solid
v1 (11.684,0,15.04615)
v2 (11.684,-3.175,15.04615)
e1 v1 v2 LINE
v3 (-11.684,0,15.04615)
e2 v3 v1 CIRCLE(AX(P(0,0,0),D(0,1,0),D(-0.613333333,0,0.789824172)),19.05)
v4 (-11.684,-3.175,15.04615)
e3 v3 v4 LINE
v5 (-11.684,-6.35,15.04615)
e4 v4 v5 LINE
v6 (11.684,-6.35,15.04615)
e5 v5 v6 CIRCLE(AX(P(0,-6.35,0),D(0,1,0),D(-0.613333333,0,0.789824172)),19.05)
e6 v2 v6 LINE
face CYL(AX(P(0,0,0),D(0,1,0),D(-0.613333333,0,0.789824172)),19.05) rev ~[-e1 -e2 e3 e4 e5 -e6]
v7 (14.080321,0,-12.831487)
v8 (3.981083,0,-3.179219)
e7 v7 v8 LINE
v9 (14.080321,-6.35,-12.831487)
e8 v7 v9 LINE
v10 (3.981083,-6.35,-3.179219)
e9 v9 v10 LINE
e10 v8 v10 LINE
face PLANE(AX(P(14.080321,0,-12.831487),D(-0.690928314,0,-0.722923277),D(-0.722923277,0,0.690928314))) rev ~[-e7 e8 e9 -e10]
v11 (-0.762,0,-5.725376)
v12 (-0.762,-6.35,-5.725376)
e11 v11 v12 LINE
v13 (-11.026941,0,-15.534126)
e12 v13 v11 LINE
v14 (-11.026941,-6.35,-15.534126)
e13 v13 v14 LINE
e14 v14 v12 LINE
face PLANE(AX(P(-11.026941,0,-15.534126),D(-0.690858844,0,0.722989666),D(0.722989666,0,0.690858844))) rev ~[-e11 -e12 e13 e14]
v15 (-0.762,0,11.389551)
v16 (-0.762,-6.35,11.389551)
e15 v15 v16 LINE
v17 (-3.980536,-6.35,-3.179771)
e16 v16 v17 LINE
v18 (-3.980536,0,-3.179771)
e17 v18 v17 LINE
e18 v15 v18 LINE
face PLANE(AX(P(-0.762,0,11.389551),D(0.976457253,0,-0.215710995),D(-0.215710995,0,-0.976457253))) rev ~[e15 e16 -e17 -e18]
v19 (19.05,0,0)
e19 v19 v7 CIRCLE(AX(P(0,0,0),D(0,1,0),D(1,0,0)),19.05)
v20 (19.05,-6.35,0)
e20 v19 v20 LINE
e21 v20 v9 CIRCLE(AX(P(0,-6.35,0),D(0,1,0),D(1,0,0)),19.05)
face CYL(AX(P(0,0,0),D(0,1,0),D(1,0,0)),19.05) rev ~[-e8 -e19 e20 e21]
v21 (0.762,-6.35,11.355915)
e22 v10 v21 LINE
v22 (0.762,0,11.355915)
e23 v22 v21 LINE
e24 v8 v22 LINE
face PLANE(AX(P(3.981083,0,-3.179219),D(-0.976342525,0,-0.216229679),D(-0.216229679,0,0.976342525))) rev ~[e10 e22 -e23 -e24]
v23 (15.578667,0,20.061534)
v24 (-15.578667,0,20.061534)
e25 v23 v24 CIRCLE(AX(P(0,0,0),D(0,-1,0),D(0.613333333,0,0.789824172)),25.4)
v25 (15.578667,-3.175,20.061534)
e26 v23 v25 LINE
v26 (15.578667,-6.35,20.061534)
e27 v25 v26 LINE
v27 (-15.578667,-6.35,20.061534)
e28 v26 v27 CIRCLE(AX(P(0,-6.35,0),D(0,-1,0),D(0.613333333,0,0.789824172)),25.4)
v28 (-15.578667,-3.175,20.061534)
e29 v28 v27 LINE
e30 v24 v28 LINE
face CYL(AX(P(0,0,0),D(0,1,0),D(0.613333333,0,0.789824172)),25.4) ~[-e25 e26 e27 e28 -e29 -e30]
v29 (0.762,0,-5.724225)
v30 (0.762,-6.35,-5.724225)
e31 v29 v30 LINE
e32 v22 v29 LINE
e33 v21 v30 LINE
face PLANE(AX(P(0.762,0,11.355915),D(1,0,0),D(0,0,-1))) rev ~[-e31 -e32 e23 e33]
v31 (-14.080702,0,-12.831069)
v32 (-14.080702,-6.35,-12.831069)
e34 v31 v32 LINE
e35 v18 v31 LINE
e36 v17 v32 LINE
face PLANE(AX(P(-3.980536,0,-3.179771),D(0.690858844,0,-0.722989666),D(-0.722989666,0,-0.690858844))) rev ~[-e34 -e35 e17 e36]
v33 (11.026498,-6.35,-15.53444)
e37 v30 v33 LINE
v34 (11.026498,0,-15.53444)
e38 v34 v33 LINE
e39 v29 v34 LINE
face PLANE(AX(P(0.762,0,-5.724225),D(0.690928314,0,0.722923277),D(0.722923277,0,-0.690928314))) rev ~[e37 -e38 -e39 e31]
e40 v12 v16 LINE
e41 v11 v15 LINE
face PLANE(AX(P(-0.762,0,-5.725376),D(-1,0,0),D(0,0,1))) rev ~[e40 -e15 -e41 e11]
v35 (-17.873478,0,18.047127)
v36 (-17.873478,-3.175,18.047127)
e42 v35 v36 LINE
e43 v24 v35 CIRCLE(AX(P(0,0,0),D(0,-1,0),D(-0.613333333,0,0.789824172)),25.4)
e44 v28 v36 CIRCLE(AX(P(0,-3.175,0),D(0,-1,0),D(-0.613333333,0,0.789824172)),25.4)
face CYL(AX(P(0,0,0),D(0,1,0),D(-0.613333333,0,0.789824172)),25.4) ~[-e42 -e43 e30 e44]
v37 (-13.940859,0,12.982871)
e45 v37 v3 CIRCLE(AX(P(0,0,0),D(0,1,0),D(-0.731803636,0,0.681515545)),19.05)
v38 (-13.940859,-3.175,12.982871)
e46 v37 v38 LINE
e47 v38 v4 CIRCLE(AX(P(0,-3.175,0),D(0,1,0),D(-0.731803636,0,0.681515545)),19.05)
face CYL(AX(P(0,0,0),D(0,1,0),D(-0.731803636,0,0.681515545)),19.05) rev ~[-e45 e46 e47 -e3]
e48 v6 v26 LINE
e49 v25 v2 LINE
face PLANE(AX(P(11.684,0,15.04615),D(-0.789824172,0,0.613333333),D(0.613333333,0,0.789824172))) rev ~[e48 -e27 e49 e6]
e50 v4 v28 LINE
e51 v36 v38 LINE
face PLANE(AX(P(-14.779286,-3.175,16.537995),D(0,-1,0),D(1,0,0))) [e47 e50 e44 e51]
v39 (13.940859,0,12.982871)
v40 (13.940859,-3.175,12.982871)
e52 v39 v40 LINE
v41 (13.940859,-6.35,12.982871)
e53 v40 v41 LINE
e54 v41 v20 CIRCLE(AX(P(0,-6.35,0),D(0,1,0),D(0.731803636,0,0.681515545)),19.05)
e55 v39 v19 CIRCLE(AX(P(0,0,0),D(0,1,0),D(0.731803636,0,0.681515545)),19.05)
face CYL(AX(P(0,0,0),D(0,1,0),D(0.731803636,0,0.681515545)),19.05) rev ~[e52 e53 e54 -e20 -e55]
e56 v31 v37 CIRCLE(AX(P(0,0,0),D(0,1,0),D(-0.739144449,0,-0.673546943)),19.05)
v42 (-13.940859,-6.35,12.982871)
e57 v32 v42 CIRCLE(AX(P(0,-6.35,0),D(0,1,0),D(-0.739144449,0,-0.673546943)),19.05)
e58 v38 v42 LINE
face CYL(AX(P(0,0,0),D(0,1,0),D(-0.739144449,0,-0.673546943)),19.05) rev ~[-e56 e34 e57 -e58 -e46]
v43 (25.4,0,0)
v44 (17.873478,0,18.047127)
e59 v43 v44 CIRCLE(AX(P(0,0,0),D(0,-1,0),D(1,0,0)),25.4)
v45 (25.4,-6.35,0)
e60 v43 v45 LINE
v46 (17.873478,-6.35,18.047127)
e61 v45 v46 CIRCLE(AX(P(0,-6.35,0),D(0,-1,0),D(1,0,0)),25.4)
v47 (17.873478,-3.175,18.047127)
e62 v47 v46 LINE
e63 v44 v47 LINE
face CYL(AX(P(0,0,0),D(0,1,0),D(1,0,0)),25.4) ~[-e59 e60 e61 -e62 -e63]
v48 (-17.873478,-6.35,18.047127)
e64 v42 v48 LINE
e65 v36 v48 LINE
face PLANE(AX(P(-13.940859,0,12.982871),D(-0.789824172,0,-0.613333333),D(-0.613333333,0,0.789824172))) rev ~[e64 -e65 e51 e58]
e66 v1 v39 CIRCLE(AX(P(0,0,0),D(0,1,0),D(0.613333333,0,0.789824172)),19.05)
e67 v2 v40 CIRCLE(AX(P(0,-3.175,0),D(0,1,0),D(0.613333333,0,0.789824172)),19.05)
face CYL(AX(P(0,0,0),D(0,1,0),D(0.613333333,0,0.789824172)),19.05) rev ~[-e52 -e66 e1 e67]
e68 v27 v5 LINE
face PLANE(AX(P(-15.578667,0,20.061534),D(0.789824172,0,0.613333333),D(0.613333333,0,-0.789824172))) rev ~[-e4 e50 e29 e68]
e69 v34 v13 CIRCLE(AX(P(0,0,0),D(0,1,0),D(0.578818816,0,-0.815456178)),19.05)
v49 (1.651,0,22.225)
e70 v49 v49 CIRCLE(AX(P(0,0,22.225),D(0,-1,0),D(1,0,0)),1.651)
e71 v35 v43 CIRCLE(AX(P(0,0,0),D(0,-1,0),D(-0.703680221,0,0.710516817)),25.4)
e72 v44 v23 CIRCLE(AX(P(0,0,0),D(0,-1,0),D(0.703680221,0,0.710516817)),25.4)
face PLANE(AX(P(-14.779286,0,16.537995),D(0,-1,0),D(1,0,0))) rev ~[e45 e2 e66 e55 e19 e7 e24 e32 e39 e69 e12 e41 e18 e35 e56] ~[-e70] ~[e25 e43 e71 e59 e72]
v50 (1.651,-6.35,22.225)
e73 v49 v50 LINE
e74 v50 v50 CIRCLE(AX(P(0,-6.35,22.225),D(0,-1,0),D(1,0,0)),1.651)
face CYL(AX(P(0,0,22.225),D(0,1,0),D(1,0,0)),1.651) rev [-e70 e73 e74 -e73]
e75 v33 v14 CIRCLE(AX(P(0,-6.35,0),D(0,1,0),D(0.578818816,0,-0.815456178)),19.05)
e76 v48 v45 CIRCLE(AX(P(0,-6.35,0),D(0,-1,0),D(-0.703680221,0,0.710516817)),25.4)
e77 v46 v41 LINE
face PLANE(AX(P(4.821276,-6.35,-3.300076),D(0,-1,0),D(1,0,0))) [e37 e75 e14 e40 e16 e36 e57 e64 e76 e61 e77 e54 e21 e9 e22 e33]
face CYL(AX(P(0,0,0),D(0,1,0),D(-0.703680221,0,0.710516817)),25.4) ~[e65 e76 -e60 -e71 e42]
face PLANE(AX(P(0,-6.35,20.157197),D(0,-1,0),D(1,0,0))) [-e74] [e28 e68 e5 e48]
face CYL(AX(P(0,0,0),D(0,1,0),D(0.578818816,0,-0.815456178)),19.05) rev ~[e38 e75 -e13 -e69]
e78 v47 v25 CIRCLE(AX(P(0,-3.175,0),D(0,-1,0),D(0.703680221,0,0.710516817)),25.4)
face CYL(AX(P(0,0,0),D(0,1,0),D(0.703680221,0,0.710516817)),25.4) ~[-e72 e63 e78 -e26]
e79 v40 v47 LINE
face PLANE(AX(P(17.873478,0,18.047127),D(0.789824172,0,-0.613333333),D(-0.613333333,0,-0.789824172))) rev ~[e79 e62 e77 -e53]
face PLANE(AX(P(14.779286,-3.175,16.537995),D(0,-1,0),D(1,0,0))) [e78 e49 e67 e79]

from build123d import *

# Parameters (mm, degrees)
F1_DEPTH = 6.35
F0_R     = 1.651
F2_DEPTH = 3.175


with BuildPart() as f1:
    # F0 (on Front) → F1 (new body)
    with BuildSketch(Plane.XZ):
        with BuildLine():
            ThreePointArc((11.0264984463, -15.5344401899), (12.6259487856, -14.2649191117), (14.0803208699, -12.831487217))
            Line((14.0803208699, -12.831487217), (3.9810826848, -3.1792186712))
            Line((3.9810826848, -3.1792186712), (0.762, 11.3559151068))
            Line((0.762, 11.3559151068), (0.762, -5.7242254315))
            Line((0.762, -5.7242254315), (11.0264984463, -15.5344401899))
        make_face()
        with BuildLine():
            Line((-3.9805361158, -3.1797711993), (-14.0807017487, -12.8310692565))
            ThreePointArc((-14.0807017487, -12.8310692565), (-12.6263635982, -14.2645519483), (-11.0269407935, -15.5341261981))
            Line((-11.0269407935, -15.5341261981), (-0.762, -5.725375853))
            Line((-0.762, -5.725375853), (-0.762, 11.3895507529))
            Line((-0.762, 11.3895507529), (-3.9805361158, -3.1797711993))
        make_face()
        with BuildLine():
            ThreePointArc((-17.8734776092, 18.047127144), (-9.7768519659, -23.4429768937), (25.4, 0))
            ThreePointArc((25.4, 0), (23.4429768937, 9.7768519659), (17.8734776092, 18.047127144))
            Line((17.8734776092, 18.047127144), (13.9408592709, 12.9828711304))
            ThreePointArc((13.9408592709, 12.9828711304), (17.7267575872, 6.9759992434), (19.05, 0))
            ThreePointArc((19.05, 0), (17.7641860575, -6.8801303559), (14.0803208699, -12.831487217))
            ThreePointArc((14.0803208699, -12.831487217), (12.6259487856, -14.2649191117), (11.0264984463, -15.5344401899))
            ThreePointArc((11.0264984463, -15.5344401899), (-0.0002712295, -19.0499999981), (-11.0269407935, -15.5341261981))
            ThreePointArc((-11.0269407935, -15.5341261981), (-12.6263635982, -14.2645519483), (-14.0807017487, -12.8310692565))
            ThreePointArc((-14.0807017487, -12.8310692565), (-19.0497204722, 0.1031985072), (-13.9408592709, 12.9828711304))
            Line((-13.9408592709, 12.9828711304), (-17.8734776092, 18.047127144))
        make_face()
    extrude(amount=F1_DEPTH)



with BuildPart() as f1b:
    # F0 (on Front) → F1, piece 2 (new body)
    with BuildSketch(Plane.XZ):
        with BuildLine():
            Line((11.684, 15.0461504711), (15.5786666667, 20.0615339615))
            ThreePointArc((15.5786666667, 20.0615339615), (0, 25.4), (-15.5786666667, 20.0615339615))
            Line((-15.5786666667, 20.0615339615), (-11.684, 15.0461504711))
            ThreePointArc((-11.684, 15.0461504711), (0, 19.05), (11.684, 15.0461504711))
        make_face()
        with Locations((0, 22.225)):
            Circle(F0_R, mode=Mode.SUBTRACT)
    extrude(amount=F1_DEPTH)


with BuildPart() as f1_1:
    add(f1.part)

    add(f1b.part)  # F2 merges F1b
    # F0 (on Front) → F2 (join)
    with BuildSketch(Plane.XZ):
        with BuildLine():
            ThreePointArc((-15.5786666667, 20.0615339615), (-16.7563703668, 19.0888462755), (-17.8734776092, 18.047127144))
            Line((-17.8734776092, 18.047127144), (-13.9408592709, 12.9828711304))
            ThreePointArc((-13.9408592709, 12.9828711304), (-12.8538956575, 14.0598672265), (-11.684, 15.0461504711))
            Line((-11.684, 15.0461504711), (-15.5786666667, 20.0615339615))
        make_face()
        with BuildLine():
            Line((13.9408592709, 12.9828711304), (17.8734776092, 18.047127144))
            ThreePointArc((17.8734776092, 18.047127144), (16.7563703668, 19.0888462755), (15.5786666667, 20.0615339615))
            Line((15.5786666667, 20.0615339615), (11.684, 15.0461504711))
            ThreePointArc((11.684, 15.0461504711), (12.8538956575, 14.0598672265), (13.9408592709, 12.9828711304))
        make_face()
    extrude(amount=F2_DEPTH)


solid = f1_1.part
